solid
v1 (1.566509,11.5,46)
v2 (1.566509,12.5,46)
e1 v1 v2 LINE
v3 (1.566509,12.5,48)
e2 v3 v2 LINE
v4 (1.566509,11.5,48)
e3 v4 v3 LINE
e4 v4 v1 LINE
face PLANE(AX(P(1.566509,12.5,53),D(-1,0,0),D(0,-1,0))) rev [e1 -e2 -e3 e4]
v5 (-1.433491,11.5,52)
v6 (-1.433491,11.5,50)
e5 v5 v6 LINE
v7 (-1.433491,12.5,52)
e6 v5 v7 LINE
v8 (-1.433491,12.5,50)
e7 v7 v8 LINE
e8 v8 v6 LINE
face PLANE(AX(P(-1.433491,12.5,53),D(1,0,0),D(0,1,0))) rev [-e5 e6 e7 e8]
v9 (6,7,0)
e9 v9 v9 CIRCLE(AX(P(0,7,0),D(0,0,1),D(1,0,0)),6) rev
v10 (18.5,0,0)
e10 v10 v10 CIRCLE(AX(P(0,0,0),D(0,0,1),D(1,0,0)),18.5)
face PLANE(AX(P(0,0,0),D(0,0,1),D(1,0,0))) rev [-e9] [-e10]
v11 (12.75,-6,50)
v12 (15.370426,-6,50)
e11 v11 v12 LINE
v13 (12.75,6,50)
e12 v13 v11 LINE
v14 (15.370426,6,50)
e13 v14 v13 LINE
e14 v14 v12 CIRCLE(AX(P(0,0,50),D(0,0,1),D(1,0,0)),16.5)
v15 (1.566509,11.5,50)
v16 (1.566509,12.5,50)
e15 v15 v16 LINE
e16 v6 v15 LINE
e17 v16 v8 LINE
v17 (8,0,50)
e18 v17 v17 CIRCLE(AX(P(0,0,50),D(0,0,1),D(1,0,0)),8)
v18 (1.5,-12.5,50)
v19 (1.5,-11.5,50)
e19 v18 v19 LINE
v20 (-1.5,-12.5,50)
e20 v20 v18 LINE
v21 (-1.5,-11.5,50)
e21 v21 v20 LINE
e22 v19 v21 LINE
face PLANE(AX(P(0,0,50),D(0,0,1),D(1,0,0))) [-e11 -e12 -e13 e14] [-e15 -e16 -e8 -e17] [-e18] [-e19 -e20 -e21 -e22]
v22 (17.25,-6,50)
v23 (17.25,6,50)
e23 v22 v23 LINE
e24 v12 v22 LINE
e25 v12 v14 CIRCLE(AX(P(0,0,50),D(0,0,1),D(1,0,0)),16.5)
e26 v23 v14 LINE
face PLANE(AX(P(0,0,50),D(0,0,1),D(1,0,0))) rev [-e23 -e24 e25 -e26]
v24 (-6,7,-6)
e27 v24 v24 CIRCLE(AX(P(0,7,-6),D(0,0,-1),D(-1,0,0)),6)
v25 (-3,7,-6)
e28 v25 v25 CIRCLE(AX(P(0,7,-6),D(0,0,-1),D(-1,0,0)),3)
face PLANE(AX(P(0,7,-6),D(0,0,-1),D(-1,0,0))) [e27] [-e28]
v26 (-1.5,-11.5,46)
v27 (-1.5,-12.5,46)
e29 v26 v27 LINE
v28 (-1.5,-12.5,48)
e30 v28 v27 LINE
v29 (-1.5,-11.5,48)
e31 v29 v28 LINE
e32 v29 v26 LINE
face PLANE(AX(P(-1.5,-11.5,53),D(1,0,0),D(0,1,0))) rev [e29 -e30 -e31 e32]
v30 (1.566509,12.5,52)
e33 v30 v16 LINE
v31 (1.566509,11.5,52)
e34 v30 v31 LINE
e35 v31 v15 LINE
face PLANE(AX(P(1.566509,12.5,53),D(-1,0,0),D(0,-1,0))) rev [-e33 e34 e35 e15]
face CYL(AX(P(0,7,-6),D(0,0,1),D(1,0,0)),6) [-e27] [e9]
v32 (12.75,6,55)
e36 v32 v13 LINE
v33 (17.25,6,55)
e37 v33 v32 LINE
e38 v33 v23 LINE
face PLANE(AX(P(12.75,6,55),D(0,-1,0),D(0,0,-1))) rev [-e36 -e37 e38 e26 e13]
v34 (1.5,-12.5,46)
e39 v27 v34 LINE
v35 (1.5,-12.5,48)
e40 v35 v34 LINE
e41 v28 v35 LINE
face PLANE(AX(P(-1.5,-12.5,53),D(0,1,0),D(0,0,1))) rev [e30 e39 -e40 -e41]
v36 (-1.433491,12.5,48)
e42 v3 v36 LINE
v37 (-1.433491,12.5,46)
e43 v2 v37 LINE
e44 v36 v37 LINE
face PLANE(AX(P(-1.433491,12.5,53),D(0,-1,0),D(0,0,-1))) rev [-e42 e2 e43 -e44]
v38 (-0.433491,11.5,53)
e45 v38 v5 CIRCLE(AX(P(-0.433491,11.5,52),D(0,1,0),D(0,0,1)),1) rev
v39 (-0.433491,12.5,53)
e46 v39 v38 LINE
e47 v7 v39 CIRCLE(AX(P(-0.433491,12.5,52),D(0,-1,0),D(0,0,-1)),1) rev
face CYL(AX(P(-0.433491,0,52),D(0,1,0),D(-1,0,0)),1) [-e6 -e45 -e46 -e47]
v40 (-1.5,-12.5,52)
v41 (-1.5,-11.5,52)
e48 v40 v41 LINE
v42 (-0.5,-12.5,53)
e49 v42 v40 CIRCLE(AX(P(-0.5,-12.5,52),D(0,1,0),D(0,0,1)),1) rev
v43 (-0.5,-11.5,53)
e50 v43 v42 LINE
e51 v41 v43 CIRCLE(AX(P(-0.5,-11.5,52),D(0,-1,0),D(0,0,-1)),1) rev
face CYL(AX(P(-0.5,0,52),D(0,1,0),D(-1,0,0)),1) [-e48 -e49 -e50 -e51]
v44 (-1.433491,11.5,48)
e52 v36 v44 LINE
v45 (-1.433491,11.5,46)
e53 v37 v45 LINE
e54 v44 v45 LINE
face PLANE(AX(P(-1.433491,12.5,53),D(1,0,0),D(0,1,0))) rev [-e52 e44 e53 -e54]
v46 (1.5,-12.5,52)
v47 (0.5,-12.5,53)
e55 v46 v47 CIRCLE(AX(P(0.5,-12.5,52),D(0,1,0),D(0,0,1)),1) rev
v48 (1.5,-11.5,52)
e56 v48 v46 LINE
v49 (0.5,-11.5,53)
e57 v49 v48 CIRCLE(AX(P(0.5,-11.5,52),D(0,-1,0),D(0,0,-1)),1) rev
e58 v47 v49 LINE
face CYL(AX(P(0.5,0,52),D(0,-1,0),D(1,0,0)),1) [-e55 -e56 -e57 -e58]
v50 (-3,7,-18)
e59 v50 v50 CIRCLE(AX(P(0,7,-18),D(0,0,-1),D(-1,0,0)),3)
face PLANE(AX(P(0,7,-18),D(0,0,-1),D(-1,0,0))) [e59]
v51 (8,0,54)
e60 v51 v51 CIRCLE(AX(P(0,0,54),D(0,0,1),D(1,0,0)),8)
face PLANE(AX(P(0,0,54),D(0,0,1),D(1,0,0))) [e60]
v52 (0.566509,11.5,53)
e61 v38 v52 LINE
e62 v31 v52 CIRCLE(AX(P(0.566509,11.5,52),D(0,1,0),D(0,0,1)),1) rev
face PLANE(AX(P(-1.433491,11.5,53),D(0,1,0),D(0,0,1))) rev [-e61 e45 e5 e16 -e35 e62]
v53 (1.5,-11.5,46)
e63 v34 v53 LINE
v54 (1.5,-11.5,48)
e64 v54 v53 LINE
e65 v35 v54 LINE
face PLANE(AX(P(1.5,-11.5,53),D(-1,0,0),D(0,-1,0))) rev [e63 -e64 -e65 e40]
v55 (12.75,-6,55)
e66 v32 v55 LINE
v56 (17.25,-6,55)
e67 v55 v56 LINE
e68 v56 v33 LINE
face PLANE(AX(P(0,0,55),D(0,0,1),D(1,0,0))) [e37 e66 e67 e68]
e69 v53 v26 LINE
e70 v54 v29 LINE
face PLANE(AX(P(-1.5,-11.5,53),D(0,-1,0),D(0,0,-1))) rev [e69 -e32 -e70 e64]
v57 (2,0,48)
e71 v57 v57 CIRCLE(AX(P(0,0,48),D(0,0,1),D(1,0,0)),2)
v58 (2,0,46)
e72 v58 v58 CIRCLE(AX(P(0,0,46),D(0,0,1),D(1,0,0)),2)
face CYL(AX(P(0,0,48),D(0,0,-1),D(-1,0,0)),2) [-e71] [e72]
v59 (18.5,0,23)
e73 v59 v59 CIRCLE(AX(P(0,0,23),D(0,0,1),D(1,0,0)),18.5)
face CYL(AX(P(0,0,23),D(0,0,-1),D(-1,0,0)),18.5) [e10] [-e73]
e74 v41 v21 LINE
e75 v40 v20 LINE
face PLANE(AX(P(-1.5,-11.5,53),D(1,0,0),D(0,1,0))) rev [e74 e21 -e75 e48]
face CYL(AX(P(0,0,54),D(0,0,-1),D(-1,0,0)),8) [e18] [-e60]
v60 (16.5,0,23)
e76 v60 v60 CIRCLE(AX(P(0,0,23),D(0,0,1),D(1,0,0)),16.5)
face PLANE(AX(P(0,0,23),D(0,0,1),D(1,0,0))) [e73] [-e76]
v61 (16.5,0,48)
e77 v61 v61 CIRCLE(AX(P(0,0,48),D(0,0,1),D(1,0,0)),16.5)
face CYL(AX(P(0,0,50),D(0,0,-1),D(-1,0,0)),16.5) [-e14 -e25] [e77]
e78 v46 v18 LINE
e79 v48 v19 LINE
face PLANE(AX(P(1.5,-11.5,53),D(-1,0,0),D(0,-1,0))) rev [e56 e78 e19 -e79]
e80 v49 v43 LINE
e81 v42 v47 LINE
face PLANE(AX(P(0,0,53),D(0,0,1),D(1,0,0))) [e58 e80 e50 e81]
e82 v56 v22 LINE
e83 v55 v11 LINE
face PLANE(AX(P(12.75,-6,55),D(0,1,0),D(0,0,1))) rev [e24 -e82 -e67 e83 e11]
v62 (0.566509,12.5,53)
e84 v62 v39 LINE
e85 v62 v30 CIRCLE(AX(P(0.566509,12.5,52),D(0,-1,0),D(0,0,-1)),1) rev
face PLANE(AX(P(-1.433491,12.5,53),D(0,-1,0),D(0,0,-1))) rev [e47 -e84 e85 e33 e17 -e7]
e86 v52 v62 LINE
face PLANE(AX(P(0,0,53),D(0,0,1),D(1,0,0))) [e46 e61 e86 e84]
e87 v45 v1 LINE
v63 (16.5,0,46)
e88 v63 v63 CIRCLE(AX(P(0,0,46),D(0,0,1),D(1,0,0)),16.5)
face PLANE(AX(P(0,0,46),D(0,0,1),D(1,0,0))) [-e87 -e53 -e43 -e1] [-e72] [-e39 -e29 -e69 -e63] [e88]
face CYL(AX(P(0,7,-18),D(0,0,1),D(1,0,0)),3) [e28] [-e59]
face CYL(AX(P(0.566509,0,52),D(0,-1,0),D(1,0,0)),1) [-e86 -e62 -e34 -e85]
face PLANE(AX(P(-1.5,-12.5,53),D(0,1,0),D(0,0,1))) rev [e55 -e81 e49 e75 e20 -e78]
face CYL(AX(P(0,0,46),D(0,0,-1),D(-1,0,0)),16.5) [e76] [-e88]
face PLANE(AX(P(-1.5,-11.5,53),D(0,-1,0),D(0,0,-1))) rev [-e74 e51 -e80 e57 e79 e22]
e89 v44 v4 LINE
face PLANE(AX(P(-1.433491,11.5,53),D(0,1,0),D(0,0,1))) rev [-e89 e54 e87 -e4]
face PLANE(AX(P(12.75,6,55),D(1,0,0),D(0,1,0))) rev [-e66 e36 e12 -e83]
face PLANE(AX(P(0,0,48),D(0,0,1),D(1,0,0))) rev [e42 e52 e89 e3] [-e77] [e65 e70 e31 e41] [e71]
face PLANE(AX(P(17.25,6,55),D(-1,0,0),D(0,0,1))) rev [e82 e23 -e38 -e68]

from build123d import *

# Parameters (mm, degrees)
SKETCH_1_R       = 18.5
EXTRUDE_3_DEPTH  = 23
SKETCH_3_R       = 16.5
EXTRUDE_4_DEPTH  = 23
SKETCH_4_R       = 6
EXTRUDE_5_DEPTH  = 6
SKETCH_6_R       = 3
EXTRUDE_6_DEPTH  = 12
SKETCH_7_R       = 2
EXTRUDE_7_DEPTH  = 2
SKETCH_8_W       = 3
SKETCH_8_H       = 1
EXTRUDE_8_DEPTH  = 7
SKETCH_9_R       = 16.5
EXTRUDE_9_DEPTH  = 2
SKETCH_10_W      = 4.5
SKETCH_10_H      = 12
EXTRUDE_10_DEPTH = 5
FILLET_1_R       = 1
SKETCH_11_R      = 8
EXTRUDE_11_DEPTH = 4


with BuildPart() as part:
    # 草图1 → 凸台-拉伸3 (new body)
    with BuildSketch(Plane.XY):
        Circle(SKETCH_1_R)
    extrude(amount=EXTRUDE_3_DEPTH)

    # 草图3 → 凸台-拉伸4 (add)
    with BuildSketch(Plane.XY.offset(23)):
        Circle(SKETCH_3_R)
    extrude(amount=EXTRUDE_4_DEPTH)

    # 草图4 → 凸台-拉伸5 (add)
    with BuildSketch(Plane(origin=(0, 0, 0), x_dir=(-1, 0, 0), z_dir=(0, 0, -1))):
        with Locations(Location((0, 7, 0), (0, 0, 180))):
            Circle(SKETCH_4_R)
    extrude(amount=EXTRUDE_5_DEPTH)

    # 草图6 → 凸台-拉伸6 (add)
    with BuildSketch(Plane(origin=(0, 0, -6), x_dir=(-1, 0, 0), z_dir=(0, 0, -1))):
        with Locations((0, 7)):
            Circle(SKETCH_6_R)
    extrude(amount=EXTRUDE_6_DEPTH)

    # 草图7 → 凸台-拉伸7 (add)
    with BuildSketch(Plane.XY.offset(46)):
        Circle(SKETCH_7_R)
    extrude(amount=EXTRUDE_7_DEPTH)

    # 草图8 → 凸台-拉伸8 (add)
    with BuildSketch(Plane.XY.offset(46)):
        with Locations((0, -12)):
            Rectangle(SKETCH_8_W, SKETCH_8_H)
        with Locations((0.066509227, 12)):
            Rectangle(SKETCH_8_W, SKETCH_8_H)
    extrude(amount=EXTRUDE_8_DEPTH)

    # 草图9 → 凸台-拉伸9 (add)
    with BuildSketch(Plane.XY.offset(48)):
        Circle(SKETCH_9_R)
    extrude(amount=EXTRUDE_9_DEPTH)

    # 草图10 → 凸台-拉伸10 (add)
    with BuildSketch(Plane.XY.offset(50)):
        with Locations((15, 0)):
            Rectangle(SKETCH_10_W, SKETCH_10_H)
    extrude(amount=EXTRUDE_10_DEPTH)

    # 圆角1
    fillet_1_edges = [part.edges().sort_by_distance(p)[0] for p in [
        (1.566509227, 12, 53),
        (-1.433490773, 12, 53),
        (1.5, -12, 53),
        (-1.5, -12, 53),
    ]]
    fillet(fillet_1_edges, radius=FILLET_1_R)

    # 草图11 → 凸台-拉伸11 (add)
    with BuildSketch(Plane.XY.offset(50)):
        Circle(SKETCH_11_R)
    extrude(amount=EXTRUDE_11_DEPTH)


solid = part.part
